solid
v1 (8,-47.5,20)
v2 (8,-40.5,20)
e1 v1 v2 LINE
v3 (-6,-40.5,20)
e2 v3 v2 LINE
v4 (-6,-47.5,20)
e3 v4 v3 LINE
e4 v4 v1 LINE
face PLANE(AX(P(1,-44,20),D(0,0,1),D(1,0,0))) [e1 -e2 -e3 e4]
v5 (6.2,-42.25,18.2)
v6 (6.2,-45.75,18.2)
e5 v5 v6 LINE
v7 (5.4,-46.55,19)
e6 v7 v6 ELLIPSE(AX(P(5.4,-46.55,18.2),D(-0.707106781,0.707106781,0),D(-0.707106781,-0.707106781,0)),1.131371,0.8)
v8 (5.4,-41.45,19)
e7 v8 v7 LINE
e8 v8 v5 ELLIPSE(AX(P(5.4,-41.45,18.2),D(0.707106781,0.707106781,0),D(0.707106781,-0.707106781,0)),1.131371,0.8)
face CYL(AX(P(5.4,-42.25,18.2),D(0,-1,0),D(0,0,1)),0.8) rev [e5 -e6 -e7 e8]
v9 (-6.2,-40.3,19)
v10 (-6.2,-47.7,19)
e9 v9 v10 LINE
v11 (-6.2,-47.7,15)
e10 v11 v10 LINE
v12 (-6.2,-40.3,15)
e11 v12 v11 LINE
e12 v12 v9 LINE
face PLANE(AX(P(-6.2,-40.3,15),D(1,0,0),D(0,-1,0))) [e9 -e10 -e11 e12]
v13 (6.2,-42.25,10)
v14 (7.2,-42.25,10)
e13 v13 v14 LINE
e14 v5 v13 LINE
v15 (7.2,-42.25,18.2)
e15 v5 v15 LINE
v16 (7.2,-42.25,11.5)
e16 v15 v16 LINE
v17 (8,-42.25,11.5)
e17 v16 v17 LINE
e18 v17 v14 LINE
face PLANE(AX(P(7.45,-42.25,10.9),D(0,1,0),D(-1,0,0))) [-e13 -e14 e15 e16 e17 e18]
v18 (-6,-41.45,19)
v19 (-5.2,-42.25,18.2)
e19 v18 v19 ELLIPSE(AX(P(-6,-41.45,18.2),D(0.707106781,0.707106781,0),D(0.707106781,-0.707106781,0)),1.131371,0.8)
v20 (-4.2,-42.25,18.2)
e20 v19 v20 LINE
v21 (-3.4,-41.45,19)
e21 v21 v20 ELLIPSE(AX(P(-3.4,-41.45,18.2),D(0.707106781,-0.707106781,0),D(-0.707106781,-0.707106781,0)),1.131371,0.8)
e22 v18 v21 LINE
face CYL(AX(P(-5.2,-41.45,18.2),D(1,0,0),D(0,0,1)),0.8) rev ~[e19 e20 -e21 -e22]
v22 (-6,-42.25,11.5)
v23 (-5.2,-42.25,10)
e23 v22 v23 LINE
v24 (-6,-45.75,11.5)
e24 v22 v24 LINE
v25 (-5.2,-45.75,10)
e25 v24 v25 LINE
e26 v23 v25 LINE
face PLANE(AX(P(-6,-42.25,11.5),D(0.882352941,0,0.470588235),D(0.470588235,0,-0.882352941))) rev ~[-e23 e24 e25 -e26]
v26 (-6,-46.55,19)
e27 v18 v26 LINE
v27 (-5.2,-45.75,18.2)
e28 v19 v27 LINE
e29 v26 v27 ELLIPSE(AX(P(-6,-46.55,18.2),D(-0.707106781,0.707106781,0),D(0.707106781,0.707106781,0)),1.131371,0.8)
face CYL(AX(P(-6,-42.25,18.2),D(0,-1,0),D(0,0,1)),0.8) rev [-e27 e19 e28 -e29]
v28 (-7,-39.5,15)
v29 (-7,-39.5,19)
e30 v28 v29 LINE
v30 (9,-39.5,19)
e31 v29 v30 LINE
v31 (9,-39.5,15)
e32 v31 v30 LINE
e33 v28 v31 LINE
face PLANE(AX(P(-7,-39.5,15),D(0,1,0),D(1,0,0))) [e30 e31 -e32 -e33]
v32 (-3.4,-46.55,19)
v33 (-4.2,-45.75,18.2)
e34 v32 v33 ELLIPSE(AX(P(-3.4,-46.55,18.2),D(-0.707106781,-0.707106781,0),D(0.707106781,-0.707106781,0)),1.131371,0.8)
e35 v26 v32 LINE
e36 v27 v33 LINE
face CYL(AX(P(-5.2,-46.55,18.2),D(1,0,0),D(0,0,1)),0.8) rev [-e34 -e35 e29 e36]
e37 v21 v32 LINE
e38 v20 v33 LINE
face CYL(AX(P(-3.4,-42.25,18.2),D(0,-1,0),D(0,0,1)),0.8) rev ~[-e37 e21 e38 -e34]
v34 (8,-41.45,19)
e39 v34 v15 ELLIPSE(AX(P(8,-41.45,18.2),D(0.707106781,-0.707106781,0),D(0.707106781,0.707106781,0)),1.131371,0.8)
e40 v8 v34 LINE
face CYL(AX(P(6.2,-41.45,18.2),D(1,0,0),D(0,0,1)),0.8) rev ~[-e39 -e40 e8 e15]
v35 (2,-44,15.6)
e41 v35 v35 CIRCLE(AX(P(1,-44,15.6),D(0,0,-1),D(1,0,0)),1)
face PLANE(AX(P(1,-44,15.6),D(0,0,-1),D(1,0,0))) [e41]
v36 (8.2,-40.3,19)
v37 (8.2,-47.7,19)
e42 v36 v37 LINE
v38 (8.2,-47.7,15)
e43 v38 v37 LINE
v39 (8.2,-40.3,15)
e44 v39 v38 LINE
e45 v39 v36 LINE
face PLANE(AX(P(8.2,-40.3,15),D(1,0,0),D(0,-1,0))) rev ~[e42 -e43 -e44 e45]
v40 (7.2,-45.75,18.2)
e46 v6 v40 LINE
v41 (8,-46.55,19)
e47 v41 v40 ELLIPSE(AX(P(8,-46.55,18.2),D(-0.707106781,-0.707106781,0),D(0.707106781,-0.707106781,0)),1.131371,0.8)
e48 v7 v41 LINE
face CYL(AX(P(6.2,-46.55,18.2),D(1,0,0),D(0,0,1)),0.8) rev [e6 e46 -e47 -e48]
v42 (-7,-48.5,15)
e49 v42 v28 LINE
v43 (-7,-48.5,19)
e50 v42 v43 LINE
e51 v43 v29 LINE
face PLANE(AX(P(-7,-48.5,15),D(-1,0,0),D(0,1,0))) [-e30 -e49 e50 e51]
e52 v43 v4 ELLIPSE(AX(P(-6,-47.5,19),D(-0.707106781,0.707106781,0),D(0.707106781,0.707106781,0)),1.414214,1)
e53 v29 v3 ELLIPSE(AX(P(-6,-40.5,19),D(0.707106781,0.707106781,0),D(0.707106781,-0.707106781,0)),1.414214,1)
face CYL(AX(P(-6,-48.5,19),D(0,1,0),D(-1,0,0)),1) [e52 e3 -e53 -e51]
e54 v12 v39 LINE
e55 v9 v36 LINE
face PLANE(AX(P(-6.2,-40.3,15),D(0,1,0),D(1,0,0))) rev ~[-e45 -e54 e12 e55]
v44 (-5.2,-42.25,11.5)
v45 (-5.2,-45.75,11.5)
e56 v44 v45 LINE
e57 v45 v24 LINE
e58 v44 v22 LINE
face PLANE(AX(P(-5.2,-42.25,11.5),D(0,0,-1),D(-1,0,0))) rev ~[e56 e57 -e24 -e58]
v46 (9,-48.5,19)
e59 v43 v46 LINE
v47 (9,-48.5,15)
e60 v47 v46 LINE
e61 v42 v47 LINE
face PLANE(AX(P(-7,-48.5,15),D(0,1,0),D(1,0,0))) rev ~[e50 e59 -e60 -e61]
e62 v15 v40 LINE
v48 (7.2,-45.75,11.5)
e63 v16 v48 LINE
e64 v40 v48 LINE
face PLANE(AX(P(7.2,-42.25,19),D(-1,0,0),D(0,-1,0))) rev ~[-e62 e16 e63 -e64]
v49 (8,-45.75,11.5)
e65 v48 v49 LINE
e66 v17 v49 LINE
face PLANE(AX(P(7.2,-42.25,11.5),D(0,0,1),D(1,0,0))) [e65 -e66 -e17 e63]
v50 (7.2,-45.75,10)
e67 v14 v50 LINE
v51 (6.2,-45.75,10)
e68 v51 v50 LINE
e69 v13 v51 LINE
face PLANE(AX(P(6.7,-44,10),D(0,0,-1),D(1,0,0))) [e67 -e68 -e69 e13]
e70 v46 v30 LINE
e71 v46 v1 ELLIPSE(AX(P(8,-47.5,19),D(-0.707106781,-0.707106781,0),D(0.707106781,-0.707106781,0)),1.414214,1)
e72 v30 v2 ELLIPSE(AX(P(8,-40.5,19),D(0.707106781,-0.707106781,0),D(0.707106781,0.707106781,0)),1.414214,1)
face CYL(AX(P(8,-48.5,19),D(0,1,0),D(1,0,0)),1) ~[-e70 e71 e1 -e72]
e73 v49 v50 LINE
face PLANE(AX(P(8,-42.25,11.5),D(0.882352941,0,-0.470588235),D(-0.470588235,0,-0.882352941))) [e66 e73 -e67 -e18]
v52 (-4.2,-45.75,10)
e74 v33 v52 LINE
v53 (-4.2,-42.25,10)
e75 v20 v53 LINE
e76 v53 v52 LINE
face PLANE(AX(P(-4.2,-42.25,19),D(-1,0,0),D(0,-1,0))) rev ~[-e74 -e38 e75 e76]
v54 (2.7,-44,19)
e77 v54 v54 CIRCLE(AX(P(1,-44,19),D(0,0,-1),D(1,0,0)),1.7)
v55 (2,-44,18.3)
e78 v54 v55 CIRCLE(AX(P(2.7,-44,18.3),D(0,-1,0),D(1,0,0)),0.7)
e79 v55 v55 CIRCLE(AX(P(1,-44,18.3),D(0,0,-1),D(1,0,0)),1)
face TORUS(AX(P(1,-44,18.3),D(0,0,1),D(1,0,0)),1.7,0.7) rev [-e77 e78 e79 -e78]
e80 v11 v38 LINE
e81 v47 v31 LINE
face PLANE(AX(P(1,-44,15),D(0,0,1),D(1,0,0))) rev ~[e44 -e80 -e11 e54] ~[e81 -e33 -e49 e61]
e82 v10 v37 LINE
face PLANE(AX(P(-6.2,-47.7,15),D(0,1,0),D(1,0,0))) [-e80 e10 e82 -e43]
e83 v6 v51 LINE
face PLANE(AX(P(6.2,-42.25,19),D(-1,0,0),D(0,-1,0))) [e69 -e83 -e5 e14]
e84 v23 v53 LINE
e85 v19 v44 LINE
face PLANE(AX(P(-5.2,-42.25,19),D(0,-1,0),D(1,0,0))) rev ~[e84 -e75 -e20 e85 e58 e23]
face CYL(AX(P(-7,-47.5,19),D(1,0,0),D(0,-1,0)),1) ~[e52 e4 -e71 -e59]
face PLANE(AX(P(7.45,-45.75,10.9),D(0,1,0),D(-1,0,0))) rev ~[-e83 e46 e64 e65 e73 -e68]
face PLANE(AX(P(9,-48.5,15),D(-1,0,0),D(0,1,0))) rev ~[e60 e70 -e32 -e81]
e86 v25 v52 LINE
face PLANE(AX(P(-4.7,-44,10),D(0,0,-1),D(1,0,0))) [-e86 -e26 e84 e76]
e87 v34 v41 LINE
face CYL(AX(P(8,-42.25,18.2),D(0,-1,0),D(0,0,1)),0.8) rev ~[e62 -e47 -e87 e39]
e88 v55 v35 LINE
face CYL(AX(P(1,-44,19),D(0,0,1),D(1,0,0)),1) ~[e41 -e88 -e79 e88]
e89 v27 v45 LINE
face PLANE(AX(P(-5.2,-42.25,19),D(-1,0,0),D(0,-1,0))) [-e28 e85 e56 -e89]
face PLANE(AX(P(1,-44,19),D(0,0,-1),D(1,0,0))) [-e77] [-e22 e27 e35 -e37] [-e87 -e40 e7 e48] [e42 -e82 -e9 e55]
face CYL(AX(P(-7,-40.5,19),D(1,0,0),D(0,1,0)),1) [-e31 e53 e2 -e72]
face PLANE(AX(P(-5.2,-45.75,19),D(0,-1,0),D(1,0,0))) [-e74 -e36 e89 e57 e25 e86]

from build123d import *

# Parameters (mm, degrees)
SKETCH036_W     = 16
SKETCH036_H     = 9
PAD021_DEPTH    = 5
SKETCH037_W     = 14.4
SKETCH037_H     = 7.4
POCKET013_DEPTH = 4
SKETCH038_W     = 1
SKETCH038_H     = 3.5
PAD022_DEPTH    = 9
PAD023_DEPTH    = 3.5
SKETCH041_R     = 1
PAD025_DEPTH    = 3.4
FILLET002_R     = 1
FILLET007_R     = 0.7
FILLET011_R     = 0.8


with BuildPart() as part:
    # Sketch036 → Pad021 (new body)
    with BuildSketch(Plane.XY):
        Rectangle(SKETCH036_W, SKETCH036_H)
    extrude(amount=PAD021_DEPTH)

    # Sketch037 (on Face5 of Pad021) → Pocket013 (cut)
    with BuildSketch(Plane(origin=(0, 0, 0), x_dir=(1, 0, 0), z_dir=(0, 0, -1))):
        Rectangle(SKETCH037_W, SKETCH037_H)
    extrude(amount=-POCKET013_DEPTH, mode=Mode.SUBTRACT)

    # Sketch038 (on Face11 of Pocket013) → Pad022 (join)
    with BuildSketch(Plane(origin=(0, 0, 4), x_dir=(1, 0, 0), z_dir=(0, 0, -1))):
        with Locations((-5.7, 0)):
            Rectangle(SKETCH038_W, SKETCH038_H)
        with Locations((5.7, 0)):
            Rectangle(SKETCH038_W, SKETCH038_H)
    extrude(amount=PAD022_DEPTH)

    # Sketch039 (on Face17 of Pad022) → Pad023 (join)
    with BuildSketch(Plane(origin=(0, 1.75, 0), x_dir=(-1, 0, 0), z_dir=(0, 1, 0))):
        Polygon((-6.2, -3.5), (-7, -3.5), (-6.2, -5), align=None)
        Polygon((6.2, -3.5), (7, -3.5), (6.2, -5), align=None)
    extrude(amount=-PAD023_DEPTH)

    # Sketch041 (on Face11 of Pad023) → Pad025 (join)
    with BuildSketch(Plane(origin=(0, 0, 4), x_dir=(1, 0, 0), z_dir=(0, 0, -1))):
        Circle(SKETCH041_R)
    extrude(amount=PAD025_DEPTH)

    # Fillet002
    fillet002_edges = [part.edges().sort_by_distance(p)[0] for p in [
        (0, 4.5, 5),
        (-8, 0, 5),
        (0, -4.5, 5),
        (8, 0, 5),
    ]]
    fillet(fillet002_edges, radius=FILLET002_R)

    # Fillet007
    fillet007_edges = [part.edges().sort_by_distance(p)[0] for p in [
        (-1, 0, 4),
    ]]
    fillet(fillet007_edges, radius=FILLET007_R)

    # Fillet011
    fillet011_edges = [part.edges().sort_by_distance(p)[0] for p in [
        (5.2, 0, 4),
        (5.7, 1.75, 4),
        (6.2, 0, 4),
        (5.7, -1.75, 4),
        (-5.7, -1.75, 4),
        (-6.2, 0, 4),
        (-5.2, 0, 4),
        (-5.7, 1.75, 4),
    ]]
    fillet(fillet011_edges, radius=FILLET011_R)


with BuildPart() as part_1:
    # Body008 placement: moved
    add(part.part.moved(Location((-33, -44, 15))))


with BuildPart() as part_2:
    # Clone001 placement: moved
    add(part_1.part.moved(Location((0, 0, 4))))


with BuildPart() as part_3:
    # Body010 placement: moved
    add(part_2.part.moved(Location((34, 0, -4))))


solid = part_3.part
